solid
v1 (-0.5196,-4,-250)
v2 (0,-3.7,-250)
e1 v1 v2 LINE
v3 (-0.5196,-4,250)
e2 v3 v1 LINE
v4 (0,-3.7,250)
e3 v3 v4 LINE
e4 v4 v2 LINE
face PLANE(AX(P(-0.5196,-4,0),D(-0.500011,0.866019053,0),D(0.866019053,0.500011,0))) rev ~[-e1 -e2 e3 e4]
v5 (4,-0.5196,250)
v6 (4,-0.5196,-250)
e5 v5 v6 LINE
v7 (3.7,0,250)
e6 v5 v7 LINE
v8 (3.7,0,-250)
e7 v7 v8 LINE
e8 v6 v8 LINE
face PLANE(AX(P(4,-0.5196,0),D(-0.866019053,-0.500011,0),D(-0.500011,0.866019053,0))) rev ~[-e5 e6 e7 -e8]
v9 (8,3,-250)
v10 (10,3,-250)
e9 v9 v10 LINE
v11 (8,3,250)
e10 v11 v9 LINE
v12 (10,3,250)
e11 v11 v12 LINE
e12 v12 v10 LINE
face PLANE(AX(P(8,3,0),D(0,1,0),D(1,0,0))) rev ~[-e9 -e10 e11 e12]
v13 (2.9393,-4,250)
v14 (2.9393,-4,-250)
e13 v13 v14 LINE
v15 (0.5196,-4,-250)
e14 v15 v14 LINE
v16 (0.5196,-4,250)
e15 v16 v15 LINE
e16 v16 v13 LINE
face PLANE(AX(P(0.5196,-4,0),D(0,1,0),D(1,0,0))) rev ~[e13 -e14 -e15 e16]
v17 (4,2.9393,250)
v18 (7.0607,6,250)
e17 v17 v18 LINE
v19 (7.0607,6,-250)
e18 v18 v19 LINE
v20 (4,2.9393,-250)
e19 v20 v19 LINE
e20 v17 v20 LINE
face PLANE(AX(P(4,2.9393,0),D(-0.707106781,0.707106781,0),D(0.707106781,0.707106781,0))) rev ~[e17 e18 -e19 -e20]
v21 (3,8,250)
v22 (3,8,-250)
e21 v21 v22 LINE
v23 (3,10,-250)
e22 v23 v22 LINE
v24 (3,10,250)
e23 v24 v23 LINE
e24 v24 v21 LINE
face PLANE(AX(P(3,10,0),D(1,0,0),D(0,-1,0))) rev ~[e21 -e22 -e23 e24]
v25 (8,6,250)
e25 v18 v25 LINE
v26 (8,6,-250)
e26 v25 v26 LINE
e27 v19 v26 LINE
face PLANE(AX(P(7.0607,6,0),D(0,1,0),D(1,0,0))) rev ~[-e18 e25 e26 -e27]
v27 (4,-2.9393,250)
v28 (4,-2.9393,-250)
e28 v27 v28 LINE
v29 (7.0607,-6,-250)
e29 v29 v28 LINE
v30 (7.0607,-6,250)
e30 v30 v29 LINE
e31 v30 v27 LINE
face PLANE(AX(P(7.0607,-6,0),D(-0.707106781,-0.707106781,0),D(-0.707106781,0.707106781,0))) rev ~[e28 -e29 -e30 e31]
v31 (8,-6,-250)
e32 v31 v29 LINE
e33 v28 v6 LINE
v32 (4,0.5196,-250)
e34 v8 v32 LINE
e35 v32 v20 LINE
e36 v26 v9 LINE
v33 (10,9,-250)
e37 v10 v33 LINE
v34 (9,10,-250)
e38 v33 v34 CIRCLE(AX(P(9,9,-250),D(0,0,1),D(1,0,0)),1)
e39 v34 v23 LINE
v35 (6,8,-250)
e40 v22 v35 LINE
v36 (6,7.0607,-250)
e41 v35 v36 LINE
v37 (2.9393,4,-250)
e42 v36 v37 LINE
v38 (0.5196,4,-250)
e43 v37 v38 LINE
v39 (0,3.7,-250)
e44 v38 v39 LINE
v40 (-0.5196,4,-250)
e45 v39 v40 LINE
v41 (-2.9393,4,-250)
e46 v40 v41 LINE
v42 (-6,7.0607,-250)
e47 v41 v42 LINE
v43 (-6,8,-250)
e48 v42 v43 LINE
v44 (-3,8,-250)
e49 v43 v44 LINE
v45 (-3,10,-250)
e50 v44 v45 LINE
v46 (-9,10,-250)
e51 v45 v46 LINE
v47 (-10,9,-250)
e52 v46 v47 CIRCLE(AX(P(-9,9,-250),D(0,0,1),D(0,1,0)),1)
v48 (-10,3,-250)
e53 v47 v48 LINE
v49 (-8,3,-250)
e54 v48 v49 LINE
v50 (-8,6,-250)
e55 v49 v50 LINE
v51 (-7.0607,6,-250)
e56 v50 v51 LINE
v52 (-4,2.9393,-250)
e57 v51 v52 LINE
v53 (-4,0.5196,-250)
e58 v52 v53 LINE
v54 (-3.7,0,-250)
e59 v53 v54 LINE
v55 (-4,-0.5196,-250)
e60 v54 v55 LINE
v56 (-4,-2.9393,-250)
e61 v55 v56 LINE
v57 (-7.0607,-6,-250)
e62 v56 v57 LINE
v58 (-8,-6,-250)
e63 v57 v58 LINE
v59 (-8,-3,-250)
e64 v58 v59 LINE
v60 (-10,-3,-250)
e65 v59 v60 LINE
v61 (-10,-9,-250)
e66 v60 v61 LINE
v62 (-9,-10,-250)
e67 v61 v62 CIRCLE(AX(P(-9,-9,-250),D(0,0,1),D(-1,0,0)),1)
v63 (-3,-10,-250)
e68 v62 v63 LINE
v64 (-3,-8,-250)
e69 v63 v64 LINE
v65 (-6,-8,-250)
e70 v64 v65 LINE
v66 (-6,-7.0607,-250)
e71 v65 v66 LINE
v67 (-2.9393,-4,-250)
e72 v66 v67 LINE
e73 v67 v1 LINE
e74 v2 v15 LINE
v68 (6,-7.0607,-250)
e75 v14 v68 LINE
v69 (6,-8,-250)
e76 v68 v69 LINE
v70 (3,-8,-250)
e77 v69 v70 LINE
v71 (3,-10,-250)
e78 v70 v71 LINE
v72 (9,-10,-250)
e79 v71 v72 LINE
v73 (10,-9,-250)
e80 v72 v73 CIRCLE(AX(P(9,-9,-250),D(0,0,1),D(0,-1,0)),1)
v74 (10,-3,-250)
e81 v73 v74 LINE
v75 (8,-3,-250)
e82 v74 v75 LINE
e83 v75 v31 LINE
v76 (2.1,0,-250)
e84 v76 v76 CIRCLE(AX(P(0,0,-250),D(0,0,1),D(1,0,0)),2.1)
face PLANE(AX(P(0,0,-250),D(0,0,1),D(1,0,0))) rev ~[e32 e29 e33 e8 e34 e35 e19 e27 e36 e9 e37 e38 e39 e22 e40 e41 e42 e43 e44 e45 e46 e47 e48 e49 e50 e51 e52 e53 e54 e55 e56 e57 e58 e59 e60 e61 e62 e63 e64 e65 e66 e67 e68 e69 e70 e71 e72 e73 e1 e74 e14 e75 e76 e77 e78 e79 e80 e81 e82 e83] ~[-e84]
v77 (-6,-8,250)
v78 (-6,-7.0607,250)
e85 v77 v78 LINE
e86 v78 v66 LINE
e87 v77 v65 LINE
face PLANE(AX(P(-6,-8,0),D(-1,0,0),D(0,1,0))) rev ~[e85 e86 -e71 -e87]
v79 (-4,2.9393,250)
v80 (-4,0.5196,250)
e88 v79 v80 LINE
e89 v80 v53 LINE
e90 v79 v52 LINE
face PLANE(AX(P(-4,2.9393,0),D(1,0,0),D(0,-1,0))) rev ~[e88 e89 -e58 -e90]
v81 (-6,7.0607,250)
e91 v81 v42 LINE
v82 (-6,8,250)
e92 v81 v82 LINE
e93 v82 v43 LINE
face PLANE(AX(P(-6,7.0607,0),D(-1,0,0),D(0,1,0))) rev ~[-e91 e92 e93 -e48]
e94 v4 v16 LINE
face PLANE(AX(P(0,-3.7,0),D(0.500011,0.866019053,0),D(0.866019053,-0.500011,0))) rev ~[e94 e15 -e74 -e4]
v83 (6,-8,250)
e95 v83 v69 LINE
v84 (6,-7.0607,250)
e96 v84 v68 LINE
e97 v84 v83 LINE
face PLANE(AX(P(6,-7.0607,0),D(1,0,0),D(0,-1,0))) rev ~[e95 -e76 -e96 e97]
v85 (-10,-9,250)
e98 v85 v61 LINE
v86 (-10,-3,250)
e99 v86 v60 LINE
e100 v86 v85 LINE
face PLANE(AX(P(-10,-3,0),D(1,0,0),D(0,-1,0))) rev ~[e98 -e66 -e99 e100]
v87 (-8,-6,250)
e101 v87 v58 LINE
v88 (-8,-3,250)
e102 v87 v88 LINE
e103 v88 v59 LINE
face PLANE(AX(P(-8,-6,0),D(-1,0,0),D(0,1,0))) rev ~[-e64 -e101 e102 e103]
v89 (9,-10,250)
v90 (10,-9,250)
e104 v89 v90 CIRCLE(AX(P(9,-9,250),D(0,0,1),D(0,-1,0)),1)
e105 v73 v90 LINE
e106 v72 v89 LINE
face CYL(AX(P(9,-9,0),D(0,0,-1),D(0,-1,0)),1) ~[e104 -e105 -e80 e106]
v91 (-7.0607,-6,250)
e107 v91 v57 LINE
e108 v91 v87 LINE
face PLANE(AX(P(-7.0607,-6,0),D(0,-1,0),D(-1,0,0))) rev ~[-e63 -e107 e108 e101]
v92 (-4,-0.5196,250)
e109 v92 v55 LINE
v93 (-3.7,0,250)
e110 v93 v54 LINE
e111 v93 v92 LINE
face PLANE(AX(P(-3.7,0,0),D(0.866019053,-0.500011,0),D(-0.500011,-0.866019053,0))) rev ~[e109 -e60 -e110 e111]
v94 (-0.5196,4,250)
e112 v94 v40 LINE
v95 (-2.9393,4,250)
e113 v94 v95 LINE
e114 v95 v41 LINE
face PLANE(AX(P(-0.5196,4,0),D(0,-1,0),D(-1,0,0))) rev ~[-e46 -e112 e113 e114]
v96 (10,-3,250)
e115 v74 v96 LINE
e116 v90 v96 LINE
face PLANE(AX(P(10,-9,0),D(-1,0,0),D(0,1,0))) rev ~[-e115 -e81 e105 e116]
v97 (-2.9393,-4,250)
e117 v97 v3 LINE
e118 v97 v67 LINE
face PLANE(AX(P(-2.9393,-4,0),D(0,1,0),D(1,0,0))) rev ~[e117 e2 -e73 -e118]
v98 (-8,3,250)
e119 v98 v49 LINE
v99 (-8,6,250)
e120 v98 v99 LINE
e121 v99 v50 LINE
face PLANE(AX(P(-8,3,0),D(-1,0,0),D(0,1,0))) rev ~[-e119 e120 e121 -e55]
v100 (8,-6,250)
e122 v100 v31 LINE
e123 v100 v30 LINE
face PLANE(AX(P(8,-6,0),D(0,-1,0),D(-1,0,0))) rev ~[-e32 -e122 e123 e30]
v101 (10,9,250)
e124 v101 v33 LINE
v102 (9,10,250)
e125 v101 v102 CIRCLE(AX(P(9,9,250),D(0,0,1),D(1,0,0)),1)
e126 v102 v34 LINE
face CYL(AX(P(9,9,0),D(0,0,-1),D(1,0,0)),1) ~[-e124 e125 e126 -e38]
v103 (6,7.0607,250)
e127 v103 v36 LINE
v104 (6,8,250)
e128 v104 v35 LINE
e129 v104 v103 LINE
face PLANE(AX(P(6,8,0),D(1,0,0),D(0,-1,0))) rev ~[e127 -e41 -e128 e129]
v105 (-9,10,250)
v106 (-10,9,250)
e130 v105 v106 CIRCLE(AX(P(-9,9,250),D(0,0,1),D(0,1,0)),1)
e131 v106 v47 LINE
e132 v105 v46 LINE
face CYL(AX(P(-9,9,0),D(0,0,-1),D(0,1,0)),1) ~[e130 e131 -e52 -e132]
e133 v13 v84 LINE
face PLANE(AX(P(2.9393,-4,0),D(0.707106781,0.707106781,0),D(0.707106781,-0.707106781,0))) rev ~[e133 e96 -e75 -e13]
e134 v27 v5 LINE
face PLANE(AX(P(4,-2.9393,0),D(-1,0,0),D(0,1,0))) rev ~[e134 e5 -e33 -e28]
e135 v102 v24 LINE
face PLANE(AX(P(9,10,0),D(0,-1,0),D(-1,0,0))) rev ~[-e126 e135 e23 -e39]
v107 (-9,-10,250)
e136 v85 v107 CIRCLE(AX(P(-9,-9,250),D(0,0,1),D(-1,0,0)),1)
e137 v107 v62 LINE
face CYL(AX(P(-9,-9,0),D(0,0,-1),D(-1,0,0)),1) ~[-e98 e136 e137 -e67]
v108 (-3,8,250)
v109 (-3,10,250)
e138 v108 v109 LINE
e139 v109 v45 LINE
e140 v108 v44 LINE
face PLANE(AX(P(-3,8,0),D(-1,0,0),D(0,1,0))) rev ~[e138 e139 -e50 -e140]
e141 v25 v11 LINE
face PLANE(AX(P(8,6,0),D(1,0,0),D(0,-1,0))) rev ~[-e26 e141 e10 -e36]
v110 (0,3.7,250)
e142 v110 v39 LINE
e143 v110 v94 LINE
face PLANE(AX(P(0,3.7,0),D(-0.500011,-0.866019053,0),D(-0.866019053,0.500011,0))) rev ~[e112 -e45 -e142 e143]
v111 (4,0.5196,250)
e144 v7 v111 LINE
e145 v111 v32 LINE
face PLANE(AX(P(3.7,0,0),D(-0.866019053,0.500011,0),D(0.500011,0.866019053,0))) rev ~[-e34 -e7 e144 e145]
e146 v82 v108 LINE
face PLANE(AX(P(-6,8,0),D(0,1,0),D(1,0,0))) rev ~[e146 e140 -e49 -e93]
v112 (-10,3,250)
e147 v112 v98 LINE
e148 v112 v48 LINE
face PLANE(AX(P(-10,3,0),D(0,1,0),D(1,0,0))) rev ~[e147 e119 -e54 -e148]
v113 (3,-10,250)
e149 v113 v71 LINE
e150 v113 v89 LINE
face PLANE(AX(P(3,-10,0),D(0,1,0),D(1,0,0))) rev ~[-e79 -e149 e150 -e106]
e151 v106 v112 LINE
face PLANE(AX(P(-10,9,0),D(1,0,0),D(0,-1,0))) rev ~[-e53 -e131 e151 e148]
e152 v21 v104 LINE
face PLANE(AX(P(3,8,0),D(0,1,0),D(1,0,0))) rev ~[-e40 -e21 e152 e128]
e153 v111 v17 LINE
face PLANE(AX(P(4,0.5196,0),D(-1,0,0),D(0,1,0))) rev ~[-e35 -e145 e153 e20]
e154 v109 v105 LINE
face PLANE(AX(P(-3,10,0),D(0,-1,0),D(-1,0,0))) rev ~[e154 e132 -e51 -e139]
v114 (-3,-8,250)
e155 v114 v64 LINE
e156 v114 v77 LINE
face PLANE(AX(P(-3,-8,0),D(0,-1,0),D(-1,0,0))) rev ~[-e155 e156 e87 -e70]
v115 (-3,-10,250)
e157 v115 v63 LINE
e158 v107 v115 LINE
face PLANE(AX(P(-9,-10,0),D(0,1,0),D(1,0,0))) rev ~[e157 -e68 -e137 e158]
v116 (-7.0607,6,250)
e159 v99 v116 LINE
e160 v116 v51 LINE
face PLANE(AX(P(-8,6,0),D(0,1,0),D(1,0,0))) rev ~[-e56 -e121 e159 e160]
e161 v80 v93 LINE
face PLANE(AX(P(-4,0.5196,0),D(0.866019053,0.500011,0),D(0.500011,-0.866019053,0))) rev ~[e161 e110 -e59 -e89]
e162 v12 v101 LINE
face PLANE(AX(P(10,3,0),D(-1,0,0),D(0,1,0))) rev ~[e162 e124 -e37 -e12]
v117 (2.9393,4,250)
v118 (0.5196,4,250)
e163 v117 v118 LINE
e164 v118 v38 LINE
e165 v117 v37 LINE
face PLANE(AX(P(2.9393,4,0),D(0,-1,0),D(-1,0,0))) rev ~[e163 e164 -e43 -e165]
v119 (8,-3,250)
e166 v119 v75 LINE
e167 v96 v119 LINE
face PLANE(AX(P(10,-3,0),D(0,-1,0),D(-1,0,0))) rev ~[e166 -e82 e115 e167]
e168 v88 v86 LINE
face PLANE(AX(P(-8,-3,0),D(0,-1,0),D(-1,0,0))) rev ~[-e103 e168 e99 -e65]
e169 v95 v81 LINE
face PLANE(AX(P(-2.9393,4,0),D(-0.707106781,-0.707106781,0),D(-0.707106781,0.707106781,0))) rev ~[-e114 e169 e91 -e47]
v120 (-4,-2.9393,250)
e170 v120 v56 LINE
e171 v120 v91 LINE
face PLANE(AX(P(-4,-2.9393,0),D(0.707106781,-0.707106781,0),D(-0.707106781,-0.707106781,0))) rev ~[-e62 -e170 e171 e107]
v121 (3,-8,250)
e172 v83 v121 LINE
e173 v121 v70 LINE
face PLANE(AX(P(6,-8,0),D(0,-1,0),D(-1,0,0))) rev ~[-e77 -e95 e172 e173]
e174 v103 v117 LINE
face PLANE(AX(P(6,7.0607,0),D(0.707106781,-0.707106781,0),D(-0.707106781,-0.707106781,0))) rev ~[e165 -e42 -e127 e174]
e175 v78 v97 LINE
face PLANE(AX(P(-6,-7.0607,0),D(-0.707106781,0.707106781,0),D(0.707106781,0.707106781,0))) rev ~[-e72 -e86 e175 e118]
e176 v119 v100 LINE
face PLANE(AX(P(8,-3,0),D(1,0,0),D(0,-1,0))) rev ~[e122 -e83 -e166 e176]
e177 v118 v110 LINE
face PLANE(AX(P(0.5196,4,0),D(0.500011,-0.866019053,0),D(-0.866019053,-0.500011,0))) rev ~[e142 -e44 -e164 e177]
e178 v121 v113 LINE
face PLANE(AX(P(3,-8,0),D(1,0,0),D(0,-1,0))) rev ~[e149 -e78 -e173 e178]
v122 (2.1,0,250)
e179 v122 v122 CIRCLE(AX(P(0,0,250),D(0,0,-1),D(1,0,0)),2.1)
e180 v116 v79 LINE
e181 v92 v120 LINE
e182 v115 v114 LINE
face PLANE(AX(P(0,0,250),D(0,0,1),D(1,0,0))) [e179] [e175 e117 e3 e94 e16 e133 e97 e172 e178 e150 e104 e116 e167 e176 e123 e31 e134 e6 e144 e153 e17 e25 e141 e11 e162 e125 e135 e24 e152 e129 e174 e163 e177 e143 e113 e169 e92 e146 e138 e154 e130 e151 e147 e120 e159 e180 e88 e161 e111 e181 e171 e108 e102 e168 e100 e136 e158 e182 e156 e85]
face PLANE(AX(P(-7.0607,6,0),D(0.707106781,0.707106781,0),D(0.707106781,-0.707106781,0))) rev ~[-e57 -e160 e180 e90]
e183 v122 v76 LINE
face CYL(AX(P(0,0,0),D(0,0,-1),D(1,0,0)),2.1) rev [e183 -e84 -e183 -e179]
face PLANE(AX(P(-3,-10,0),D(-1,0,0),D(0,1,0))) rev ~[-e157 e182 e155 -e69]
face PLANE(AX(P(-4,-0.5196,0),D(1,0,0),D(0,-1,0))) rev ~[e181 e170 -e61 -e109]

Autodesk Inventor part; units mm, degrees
ref_plane "YZ Plane" through (0, 0, 0) normal (1, 0, 0) x (0, 1, 0)
ref_plane "XZ Plane" through (0, 0, 0) normal (0, 1, 0) x (-1, 0, 0)
ref_plane "XY Plane" through (0, 0, 0) normal (0, 0, 1) x (1, 0, 0)
sketch "Sketch1" plane through (0, 0, 0) normal (0, 0, 1) x (1, 0, 0)
  line L0 (-2.205, 0) -> (2.205, 0)
  line L1 (0, -2.205) -> (0, 2.205)
  arc A0 (9, -10) -> (10, -9) centre (9, -9) ccw
  line L2 (-10, 9) -> (-10, 3)
  line L3 (-10, 3) -> (-8, 3)
  line L4 (-8, 3) -> (-8, 6)
  line L5 (-8, 6) -> (-7.0607, 6)
  line L6 (-7.0607, 6) -> (-4, 2.9393)
  line L7 (-4, 2.9393) -> (-4, 0.5196)
  line L8 (-4, 0.5196) -> (-3.7, 0)
  line L9 (-3.7, 0) -> (-4, -0.5196)
  line L10 (-4, -0.5196) -> (-4, -2.9393)
  line L11 (-4, -2.9393) -> (-7.0607, -6)
  line L12 (-7.0607, -6) -> (-8, -6)
  line L13 (-8, -6) -> (-8, -3)
  line L14 (-8, -3) -> (-10, -3)
  line L15 (-10, -3) -> (-10, -9)
  arc A1 (-10, -9) -> (-9, -10) centre (-9, -9) ccw
  line L16 (-9, -10) -> (-3, -10)
  line L17 (-3, -10) -> (-3, -8)
  line L18 (-3, -8) -> (-6, -8)
  line L19 (-6, -7.0607) -> (-2.9393, -4)
  line L20 (-2.9393, -4) -> (-0.5196, -4)
  line L21 (-0.5196, -4) -> (0, -3.7)
  line L22 (0, -3.7) -> (0.5196, -4)
  line L23 (0.5196, -4) -> (2.9393, -4)
  line L24 (2.9393, -4) -> (6, -7.0607)
  line L25 (6, -7.0607) -> (6, -8)
  line L26 (6, -8) -> (3, -8)
  line L27 (3, -8) -> (3, -10)
  line L28 (3, -10) -> (9, -10)
  line L29 (10, -9) -> (10, -3)
  line L30 (10, -3) -> (8, -3)
  line L31 (8, -3) -> (8, -6)
  line L32 (8, -6) -> (7.0607, -6)
  line L33 (7.0607, -6) -> (4, -2.9393)
  line L34 (4, -2.9393) -> (4, -0.5196)
  line L35 (4, -0.5196) -> (3.7, 0)
  line L36 (3.7, 0) -> (4, 0.5196)
  line L37 (4, 0.5196) -> (4, 2.9393)
  line L38 (4, 2.9393) -> (7.0607, 6)
  line L39 (7.0607, 6) -> (8, 6)
  line L40 (8, 6) -> (8, 3)
  line L41 (8, 3) -> (10, 3)
  line L42 (10, 3) -> (10, 9)
  arc A2 (10, 9) -> (9, 10) centre (9, 9) ccw
  line L43 (9, 10) -> (3, 10)
  line L44 (3, 10) -> (3, 8)
  line L45 (3, 8) -> (6, 8)
  line L46 (6, 8) -> (6, 7.0607)
  line L47 (6, 7.0607) -> (2.9393, 4)
  line L48 (2.9393, 4) -> (0.5196, 4)
  line L49 (0.5196, 4) -> (0, 3.7)
  line L50 (0, 3.7) -> (-0.5196, 4)
  line L51 (-0.5196, 4) -> (-2.9393, 4)
  line L52 (-2.9393, 4) -> (-6, 7.0607)
  line L53 (-6, 7.0607) -> (-6, 8)
  line L54 (-6, 8) -> (-3, 8)
  line L55 (-3, 8) -> (-3, 10)
  line L56 (-3, 10) -> (-9, 10)
  arc A3 (-9, 10) -> (-10, 9) centre (-9, 9) ccw
  circle A4 centre (0, 0) radius 2.1
  line L57 (-6, -8) -> (-6, -7.0607)
extrude "Extrusion1" add sketch "Sketch1" along normal mid plane 500
equation "\"d0\" = depth"
equation "\"depth\" = 500"
properties part number "HFS5-2020" material "Aluminum 6061"
